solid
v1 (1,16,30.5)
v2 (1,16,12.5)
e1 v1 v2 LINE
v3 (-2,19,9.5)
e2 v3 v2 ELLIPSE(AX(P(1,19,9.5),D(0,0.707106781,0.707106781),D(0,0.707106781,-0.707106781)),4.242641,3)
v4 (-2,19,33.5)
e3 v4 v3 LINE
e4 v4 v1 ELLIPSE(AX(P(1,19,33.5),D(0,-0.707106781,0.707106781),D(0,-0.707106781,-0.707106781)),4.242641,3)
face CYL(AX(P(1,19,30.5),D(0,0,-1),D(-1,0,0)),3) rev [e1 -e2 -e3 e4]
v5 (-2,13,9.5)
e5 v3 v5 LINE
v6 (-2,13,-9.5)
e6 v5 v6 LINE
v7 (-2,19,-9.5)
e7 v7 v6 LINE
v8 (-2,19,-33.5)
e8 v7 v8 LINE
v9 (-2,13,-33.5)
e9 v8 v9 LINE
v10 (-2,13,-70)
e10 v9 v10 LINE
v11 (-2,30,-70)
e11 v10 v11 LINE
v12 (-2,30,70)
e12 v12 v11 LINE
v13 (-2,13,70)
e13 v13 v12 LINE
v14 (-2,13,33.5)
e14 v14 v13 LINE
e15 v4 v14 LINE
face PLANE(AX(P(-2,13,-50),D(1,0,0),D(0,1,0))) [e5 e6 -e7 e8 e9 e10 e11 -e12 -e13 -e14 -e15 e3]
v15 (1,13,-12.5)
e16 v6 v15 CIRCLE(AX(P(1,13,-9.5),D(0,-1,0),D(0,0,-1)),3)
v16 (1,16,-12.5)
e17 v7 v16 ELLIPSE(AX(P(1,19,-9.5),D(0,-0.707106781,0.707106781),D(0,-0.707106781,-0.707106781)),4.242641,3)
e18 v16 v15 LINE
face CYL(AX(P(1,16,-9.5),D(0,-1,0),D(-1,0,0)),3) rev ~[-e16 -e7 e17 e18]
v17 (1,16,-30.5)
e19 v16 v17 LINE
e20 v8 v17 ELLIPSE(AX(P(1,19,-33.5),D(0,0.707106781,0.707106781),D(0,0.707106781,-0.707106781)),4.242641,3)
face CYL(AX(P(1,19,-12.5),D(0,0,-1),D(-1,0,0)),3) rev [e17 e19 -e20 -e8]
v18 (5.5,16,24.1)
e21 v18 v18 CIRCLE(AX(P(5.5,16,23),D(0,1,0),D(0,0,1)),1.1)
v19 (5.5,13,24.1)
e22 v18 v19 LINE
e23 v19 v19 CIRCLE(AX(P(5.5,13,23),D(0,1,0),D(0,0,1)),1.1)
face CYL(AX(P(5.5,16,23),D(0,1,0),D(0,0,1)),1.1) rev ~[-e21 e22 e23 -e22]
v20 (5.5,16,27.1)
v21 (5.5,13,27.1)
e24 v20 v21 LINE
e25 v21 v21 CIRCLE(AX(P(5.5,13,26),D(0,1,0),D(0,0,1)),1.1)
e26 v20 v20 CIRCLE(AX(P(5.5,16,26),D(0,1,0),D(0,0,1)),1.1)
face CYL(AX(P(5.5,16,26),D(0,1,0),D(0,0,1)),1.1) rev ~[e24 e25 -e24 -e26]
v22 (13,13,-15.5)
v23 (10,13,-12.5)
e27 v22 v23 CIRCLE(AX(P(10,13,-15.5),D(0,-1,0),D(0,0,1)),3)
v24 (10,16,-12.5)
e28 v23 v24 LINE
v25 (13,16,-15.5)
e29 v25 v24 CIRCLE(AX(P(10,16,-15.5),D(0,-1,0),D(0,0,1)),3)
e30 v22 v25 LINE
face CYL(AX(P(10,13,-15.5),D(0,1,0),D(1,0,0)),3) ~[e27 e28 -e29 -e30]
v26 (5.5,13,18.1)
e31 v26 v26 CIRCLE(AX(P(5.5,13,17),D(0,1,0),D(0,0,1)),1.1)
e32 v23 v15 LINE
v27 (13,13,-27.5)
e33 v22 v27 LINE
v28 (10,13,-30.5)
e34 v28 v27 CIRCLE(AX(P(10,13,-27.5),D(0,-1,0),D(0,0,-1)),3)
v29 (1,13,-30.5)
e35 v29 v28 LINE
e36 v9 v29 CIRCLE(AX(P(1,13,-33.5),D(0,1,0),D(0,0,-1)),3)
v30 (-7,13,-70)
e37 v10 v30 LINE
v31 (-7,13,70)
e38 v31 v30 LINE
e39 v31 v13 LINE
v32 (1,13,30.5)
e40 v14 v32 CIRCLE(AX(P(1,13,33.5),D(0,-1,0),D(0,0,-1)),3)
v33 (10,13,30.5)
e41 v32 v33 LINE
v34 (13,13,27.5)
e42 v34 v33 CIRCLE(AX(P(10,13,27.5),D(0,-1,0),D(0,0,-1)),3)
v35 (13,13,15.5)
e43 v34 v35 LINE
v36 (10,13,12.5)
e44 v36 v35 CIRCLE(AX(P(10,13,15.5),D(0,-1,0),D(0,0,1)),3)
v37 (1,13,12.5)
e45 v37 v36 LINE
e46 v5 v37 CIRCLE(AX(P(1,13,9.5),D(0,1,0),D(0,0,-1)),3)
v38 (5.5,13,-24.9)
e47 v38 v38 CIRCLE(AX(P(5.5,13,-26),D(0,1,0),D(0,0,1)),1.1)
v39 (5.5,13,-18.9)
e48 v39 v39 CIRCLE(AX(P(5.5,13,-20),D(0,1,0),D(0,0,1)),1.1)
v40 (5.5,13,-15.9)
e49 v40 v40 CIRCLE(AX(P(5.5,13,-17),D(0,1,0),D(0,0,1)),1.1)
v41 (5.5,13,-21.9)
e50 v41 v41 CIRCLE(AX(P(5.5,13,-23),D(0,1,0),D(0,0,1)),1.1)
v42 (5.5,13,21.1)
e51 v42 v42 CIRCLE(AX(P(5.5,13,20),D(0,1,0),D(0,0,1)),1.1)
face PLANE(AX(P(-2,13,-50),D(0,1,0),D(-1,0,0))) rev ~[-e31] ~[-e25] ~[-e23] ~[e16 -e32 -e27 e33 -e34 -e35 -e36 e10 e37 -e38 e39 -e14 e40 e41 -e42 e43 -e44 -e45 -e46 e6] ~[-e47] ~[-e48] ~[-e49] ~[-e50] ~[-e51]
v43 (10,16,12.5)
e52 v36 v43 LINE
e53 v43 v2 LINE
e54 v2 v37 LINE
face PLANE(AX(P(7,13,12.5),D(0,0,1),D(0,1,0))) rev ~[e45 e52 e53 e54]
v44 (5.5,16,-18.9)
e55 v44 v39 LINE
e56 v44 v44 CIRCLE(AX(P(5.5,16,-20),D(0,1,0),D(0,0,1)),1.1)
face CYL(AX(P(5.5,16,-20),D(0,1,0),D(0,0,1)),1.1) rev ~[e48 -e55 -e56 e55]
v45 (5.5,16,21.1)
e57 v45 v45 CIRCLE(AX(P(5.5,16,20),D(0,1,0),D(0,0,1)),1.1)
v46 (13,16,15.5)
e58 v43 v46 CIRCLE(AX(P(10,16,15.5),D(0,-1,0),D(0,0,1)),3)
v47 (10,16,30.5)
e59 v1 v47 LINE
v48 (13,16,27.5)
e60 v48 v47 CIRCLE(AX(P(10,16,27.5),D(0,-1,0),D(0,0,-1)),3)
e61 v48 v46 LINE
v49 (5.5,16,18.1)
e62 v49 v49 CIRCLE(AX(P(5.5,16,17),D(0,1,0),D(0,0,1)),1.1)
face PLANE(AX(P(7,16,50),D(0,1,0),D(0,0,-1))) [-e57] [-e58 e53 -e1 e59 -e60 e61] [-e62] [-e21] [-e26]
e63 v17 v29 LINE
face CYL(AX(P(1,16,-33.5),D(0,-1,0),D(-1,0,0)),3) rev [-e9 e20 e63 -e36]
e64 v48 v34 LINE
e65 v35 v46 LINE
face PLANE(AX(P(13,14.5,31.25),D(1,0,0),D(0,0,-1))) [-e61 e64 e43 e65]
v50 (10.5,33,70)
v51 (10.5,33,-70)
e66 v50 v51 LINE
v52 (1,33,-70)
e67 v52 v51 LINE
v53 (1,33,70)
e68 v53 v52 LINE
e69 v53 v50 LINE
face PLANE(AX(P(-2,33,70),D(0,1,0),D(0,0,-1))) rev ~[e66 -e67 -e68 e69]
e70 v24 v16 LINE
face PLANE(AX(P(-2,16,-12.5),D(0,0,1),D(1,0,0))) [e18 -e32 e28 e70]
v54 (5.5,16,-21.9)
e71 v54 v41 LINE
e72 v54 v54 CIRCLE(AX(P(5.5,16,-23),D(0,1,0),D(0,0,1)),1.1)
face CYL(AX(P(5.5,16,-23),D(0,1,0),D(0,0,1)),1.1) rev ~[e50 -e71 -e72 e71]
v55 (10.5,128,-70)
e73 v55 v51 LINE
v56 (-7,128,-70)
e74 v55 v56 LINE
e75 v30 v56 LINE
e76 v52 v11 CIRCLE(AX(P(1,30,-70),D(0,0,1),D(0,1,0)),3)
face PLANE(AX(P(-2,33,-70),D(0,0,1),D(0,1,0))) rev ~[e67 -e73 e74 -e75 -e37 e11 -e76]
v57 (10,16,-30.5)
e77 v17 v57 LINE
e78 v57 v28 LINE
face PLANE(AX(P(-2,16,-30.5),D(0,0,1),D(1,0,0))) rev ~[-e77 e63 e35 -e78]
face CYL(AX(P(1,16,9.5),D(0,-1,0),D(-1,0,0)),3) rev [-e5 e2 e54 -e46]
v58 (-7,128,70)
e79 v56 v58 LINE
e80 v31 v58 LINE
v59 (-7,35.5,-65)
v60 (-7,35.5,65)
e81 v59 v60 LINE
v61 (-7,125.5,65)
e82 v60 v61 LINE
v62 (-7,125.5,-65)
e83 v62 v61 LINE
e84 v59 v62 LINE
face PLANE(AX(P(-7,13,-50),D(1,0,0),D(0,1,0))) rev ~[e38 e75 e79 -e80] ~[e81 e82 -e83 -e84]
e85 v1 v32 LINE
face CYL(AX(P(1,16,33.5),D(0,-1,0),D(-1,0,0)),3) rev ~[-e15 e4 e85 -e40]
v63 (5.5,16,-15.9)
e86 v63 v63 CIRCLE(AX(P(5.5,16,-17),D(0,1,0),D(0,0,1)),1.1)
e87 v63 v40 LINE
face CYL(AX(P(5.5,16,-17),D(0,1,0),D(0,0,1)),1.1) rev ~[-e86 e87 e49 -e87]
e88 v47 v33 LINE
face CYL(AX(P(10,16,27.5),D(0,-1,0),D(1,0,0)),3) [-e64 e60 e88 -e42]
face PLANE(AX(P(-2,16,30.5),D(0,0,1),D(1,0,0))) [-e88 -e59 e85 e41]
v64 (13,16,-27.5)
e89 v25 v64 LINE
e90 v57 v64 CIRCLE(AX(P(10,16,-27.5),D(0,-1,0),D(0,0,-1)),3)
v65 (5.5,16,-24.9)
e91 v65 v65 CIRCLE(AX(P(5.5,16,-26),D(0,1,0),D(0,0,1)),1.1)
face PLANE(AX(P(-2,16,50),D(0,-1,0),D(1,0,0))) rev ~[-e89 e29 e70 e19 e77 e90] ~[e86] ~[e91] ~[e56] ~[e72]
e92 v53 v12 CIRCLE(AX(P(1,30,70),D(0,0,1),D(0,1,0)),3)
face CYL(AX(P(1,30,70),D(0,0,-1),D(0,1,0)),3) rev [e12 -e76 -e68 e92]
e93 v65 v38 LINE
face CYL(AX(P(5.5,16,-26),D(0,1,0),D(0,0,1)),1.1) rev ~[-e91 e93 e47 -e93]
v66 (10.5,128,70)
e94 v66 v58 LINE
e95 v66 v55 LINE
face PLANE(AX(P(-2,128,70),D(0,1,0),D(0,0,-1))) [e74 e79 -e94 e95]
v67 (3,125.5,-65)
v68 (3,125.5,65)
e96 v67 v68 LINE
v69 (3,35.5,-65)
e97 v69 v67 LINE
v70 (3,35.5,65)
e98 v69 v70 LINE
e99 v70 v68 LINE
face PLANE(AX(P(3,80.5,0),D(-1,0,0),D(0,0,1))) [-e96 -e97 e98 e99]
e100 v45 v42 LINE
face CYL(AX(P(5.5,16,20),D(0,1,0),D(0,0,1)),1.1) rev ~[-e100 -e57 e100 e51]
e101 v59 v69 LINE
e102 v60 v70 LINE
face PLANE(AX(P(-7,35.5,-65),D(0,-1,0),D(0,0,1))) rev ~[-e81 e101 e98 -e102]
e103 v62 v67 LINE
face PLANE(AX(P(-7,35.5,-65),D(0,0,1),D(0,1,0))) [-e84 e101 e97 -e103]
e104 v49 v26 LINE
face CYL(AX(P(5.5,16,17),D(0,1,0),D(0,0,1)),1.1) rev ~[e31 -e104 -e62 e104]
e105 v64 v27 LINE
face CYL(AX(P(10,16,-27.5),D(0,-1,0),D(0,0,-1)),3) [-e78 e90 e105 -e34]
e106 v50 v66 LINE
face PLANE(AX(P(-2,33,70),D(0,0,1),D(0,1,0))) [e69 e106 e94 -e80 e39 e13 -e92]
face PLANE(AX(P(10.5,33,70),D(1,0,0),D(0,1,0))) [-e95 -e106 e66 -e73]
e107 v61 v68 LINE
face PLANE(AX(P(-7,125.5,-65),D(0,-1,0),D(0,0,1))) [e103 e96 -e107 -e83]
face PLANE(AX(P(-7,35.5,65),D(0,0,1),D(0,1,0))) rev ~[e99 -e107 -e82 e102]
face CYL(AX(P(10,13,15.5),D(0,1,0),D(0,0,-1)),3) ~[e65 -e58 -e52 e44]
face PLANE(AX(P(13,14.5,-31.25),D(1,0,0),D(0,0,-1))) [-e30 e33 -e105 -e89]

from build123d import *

# Parameters (mm, degrees)
SKETCH1_R            = 10
BOSS_EXTRUDE1_DEPTH  = 3
SKETCH2_R            = 5
BOSS_EXTRUDE2_DEPTH  = 100
CUT_EXTRUDE1_DEPTH   = 15
SKETCH4_W            = 14
SKETCH4_H            = 100
BOSS_EXTRUDE3_DEPTH  = 90
BOSS_EXTRUDE4_START  = 5
SKETCH5_R            = 10
BOSS_EXTRUDE4_DEPTH  = 3
SKETCH7_W            = 31.538450714
SKETCH7_H            = 13
CUT_EXTRUDE2_DEPTH   = 80
SKETCH8_W            = 9
SKETCH8_H            = 87
CUT_EXTRUDE3_DEPTH   = 130
SKETCH9_W            = 9
SKETCH9_H            = 25
CUT_EXTRUDE4_DEPTH   = 80
SKETCH10_W           = 37.5
SKETCH10_H           = 3
BOSS_EXTRUDE5_DEPTH  = 6
SKETCH11_R           = 1.1
CUT_EXTRUDE5_DEPTH   = 56
SKETCH14_W           = 15
SKETCH14_H           = 19.5
CUT_EXTRUDE6_DEPTH   = 56
FILLET1_R            = 3
SKETCH19_W           = 5
SKETCH19_H           = 100
BOSS_EXTRUDE6_DEPTH  = 25
SKETCH22_W           = 5
SKETCH22_H           = 115
BOSS_EXTRUDE8_DEPTH  = 20
SKETCH23_W           = 5
SKETCH23_H           = 115
BOSS_EXTRUDE9_DEPTH  = 20
SKETCH24_W           = 140
SKETCH24_H           = 95
BOSS_EXTRUDE10_DEPTH = 15
SKETCH25_W           = 130
SKETCH25_H           = 90
CUT_EXTRUDE7_DEPTH   = 10
FILLET2_R            = 3
SKETCH26_W           = 2.5
SKETCH26_H           = 95
CUT_EXTRUDE8_DEPTH   = 130
SKETCH27_W           = 2.5
SKETCH27_H           = 10
CUT_EXTRUDE9_DEPTH   = 136.255314129


with BuildPart() as part:
    # Sketch1 → Boss-Extrude1 (new body)
    with BuildSketch(Plane(origin=(0, 0, 0), x_dir=(1, 0, 0), z_dir=(0, 1, 0))):
        with Locations(Location((0, 0, 0), (0, 0, 270))):
            Circle(SKETCH1_R)
    extrude(amount=BOSS_EXTRUDE1_DEPTH)

    # Sketch2 → Boss-Extrude2 (add)
    with BuildSketch(Plane(origin=(0, 3, 0), x_dir=(1, 0, 0), z_dir=(0, 1, 0))):
        with Locations(Location((0, 0, 0), (0, 0, 270))):
            Circle(SKETCH2_R)
    extrude(amount=BOSS_EXTRUDE2_DEPTH)

    # Sketch3 → Cut-Extrude1 (cut)
    with BuildSketch(Plane.XZ):
        with BuildLine():
            ThreePointArc((-1.889982989, -1.636448686), (2.5, 0), (-1.889982989, 1.636448686))
            Line((-1.889982989, 1.636448686), (-1.889982989, -1.636448686))
        make_face()
    extrude(amount=-CUT_EXTRUDE1_DEPTH, mode=Mode.SUBTRACT)

    # Sketch4 → Boss-Extrude3 (add)
    with BuildSketch(Plane(origin=(0, 103, 0), x_dir=(1, 0, 0), z_dir=(0, 1, 0))):
        Rectangle(SKETCH4_W, SKETCH4_H)
    extrude(amount=-BOSS_EXTRUDE3_DEPTH)

    # Sketch5 → Boss-Extrude4 (add)
    with BuildSketch(Plane(origin=(0, 3, 0), x_dir=(1, 0, 0), z_dir=(0, 1, 0)).offset(BOSS_EXTRUDE4_START)):
        with Locations(Location((0, 0, 0), (0, 0, 270))):
            Circle(SKETCH5_R)
    extrude(amount=BOSS_EXTRUDE4_DEPTH)

    # Sketch7 → Cut-Extrude2 (cut)
    with BuildSketch(Plane.XY.offset(50)):
        with Locations((1.592851046, 6.5)):
            Rectangle(SKETCH7_W, SKETCH7_H)
    extrude(amount=-CUT_EXTRUDE2_DEPTH, mode=Mode.SUBTRACT)

    # Sketch8 → Cut-Extrude3 (cut)
    with BuildSketch(Plane.XY.offset(50)):
        with Locations((2.5, 59.5)):
            Rectangle(SKETCH8_W, SKETCH8_H)
    extrude(amount=-CUT_EXTRUDE3_DEPTH, mode=Mode.SUBTRACT)

    # Sketch9 → Cut-Extrude4 (cut)
    with BuildSketch(Plane(origin=(0, 16, 0), x_dir=(1, 0, 0), z_dir=(0, 1, 0))):
        with Locations((2.5, 0)):
            Rectangle(SKETCH9_W, SKETCH9_H)
    extrude(amount=-CUT_EXTRUDE4_DEPTH, mode=Mode.SUBTRACT)

    # Sketch10 → Boss-Extrude5 (add)
    with BuildSketch(Plane(origin=(7, 0, 0), x_dir=(0, 0, -1), z_dir=(1, 0, 0))):
        with Locations((-31.25, 14.5)):
            Rectangle(SKETCH10_W, SKETCH10_H)
        with Locations((31.25, 14.5)):
            Rectangle(SKETCH10_W, SKETCH10_H)
    extrude(amount=BOSS_EXTRUDE5_DEPTH)

    # Sketch11 → Cut-Extrude5 (cut)
    with BuildSketch(Plane(origin=(0, 16, 0), x_dir=(1, 0, 0), z_dir=(0, 1, 0))):
        with Locations(Location((5.5, -17, 0), (0, 0, 270))):
            Circle(SKETCH11_R)
        with Locations(Location((5.5, -20, 0), (0, 0, 270))):
            Circle(SKETCH11_R)
        with Locations(Location((5.5, -23, 0), (0, 0, 270))):
            Circle(SKETCH11_R)
        with Locations(Location((5.5, -26, 0), (0, 0, 270))):
            Circle(SKETCH11_R)
        with Locations(Location((5.5, 26, 0), (0, 0, 270))):
            Circle(SKETCH11_R)
        with Locations(Location((5.5, 23, 0), (0, 0, 270))):
            Circle(SKETCH11_R)
        with Locations(Location((5.5, 20, 0), (0, 0, 270))):
            Circle(SKETCH11_R)
        with Locations(Location((5.5, 17, 0), (0, 0, 270))):
            Circle(SKETCH11_R)
    extrude(amount=-CUT_EXTRUDE5_DEPTH, mode=Mode.SUBTRACT)

    # Sketch14 → Cut-Extrude6 (cut)
    with BuildSketch(Plane(origin=(0, 16, 0), x_dir=(1, 0, 0), z_dir=(0, 1, 0))):
        with Locations((5.5, -40.25)):
            Rectangle(SKETCH14_W, SKETCH14_H)
        with Locations((5.5, 40.25)):
            Rectangle(SKETCH14_W, SKETCH14_H)
    extrude(amount=-CUT_EXTRUDE6_DEPTH, mode=Mode.SUBTRACT)

    # Fillet1
    fillet1_edges = [part.edges().sort_by_distance(p)[0] for p in [
        (-2, 16, 21.5),
        (-2, 14.5, 12.5),
        (-2, 14.5, -12.5),
        (13, 14.5, 12.5),
        (13, 14.5, -12.5),
        (13, 14.5, -30.5),
        (13, 14.5, 30.5),
        (-2, 16, -21.5),
        (-2, 14.5, 30.5),
        (-2, 14.5, -30.5),
    ]]
    fillet(fillet1_edges, radius=FILLET1_R)

    # Sketch19 → Boss-Extrude6 (add)
    with BuildSketch(Plane(origin=(0, 103, 0), x_dir=(1, 0, 0), z_dir=(0, 1, 0))):
        with Locations((-4.5, 0)):
            Rectangle(SKETCH19_W, SKETCH19_H)
    extrude(amount=BOSS_EXTRUDE6_DEPTH)

    # Sketch22 → Boss-Extrude8 (add)
    with BuildSketch(Plane.XY.offset(50)):
        with Locations((-4.5, 70.5)):
            Rectangle(SKETCH22_W, SKETCH22_H)
    extrude(amount=BOSS_EXTRUDE8_DEPTH)

    # Sketch23 → Boss-Extrude9 (add)
    with BuildSketch(Plane(origin=(0, 0, -50), x_dir=(-1, 0, 0), z_dir=(0, 0, -1))):
        with Locations((4.5, 70.5)):
            Rectangle(SKETCH23_W, SKETCH23_H)
    extrude(amount=BOSS_EXTRUDE9_DEPTH)

    # Sketch24 → Boss-Extrude10 (add)
    with BuildSketch(Plane(origin=(-2, 0, 0), x_dir=(0, 0, -1), z_dir=(1, 0, 0))):
        with Locations((0, 80.5)):
            Rectangle(SKETCH24_W, SKETCH24_H)
    extrude(amount=BOSS_EXTRUDE10_DEPTH)

    # Sketch25 → Cut-Extrude7 (cut)
    with BuildSketch(Plane.ZY.offset(7)):
        with Locations((0, 80.5)):
            Rectangle(SKETCH25_W, SKETCH25_H)
    extrude(amount=-CUT_EXTRUDE7_DEPTH, mode=Mode.SUBTRACT)

    # Fillet2
    fillet2_edges = [part.edges().sort_by_distance(p)[0] for p in [
        (-2, 33, 0),
    ]]
    fillet(fillet2_edges, radius=FILLET2_R)

    # Sketch26 → Cut-Extrude8 (cut)
    with BuildSketch(Plane.XY.offset(70)):
        with Locations((11.75, 80.5)):
            Rectangle(SKETCH26_W, SKETCH26_H)
    extrude(amount=-CUT_EXTRUDE8_DEPTH, mode=Mode.SUBTRACT)

    # Sketch27 → Cut-Extrude9 (cut, through all)
    with BuildSketch(Plane(origin=(0, 128, 0), x_dir=(1, 0, 0), z_dir=(0, 1, 0))):
        with Locations((11.75, 65)):
            Rectangle(SKETCH27_W, SKETCH27_H)
    extrude(amount=-CUT_EXTRUDE9_DEPTH, mode=Mode.SUBTRACT)


solid = part.part
